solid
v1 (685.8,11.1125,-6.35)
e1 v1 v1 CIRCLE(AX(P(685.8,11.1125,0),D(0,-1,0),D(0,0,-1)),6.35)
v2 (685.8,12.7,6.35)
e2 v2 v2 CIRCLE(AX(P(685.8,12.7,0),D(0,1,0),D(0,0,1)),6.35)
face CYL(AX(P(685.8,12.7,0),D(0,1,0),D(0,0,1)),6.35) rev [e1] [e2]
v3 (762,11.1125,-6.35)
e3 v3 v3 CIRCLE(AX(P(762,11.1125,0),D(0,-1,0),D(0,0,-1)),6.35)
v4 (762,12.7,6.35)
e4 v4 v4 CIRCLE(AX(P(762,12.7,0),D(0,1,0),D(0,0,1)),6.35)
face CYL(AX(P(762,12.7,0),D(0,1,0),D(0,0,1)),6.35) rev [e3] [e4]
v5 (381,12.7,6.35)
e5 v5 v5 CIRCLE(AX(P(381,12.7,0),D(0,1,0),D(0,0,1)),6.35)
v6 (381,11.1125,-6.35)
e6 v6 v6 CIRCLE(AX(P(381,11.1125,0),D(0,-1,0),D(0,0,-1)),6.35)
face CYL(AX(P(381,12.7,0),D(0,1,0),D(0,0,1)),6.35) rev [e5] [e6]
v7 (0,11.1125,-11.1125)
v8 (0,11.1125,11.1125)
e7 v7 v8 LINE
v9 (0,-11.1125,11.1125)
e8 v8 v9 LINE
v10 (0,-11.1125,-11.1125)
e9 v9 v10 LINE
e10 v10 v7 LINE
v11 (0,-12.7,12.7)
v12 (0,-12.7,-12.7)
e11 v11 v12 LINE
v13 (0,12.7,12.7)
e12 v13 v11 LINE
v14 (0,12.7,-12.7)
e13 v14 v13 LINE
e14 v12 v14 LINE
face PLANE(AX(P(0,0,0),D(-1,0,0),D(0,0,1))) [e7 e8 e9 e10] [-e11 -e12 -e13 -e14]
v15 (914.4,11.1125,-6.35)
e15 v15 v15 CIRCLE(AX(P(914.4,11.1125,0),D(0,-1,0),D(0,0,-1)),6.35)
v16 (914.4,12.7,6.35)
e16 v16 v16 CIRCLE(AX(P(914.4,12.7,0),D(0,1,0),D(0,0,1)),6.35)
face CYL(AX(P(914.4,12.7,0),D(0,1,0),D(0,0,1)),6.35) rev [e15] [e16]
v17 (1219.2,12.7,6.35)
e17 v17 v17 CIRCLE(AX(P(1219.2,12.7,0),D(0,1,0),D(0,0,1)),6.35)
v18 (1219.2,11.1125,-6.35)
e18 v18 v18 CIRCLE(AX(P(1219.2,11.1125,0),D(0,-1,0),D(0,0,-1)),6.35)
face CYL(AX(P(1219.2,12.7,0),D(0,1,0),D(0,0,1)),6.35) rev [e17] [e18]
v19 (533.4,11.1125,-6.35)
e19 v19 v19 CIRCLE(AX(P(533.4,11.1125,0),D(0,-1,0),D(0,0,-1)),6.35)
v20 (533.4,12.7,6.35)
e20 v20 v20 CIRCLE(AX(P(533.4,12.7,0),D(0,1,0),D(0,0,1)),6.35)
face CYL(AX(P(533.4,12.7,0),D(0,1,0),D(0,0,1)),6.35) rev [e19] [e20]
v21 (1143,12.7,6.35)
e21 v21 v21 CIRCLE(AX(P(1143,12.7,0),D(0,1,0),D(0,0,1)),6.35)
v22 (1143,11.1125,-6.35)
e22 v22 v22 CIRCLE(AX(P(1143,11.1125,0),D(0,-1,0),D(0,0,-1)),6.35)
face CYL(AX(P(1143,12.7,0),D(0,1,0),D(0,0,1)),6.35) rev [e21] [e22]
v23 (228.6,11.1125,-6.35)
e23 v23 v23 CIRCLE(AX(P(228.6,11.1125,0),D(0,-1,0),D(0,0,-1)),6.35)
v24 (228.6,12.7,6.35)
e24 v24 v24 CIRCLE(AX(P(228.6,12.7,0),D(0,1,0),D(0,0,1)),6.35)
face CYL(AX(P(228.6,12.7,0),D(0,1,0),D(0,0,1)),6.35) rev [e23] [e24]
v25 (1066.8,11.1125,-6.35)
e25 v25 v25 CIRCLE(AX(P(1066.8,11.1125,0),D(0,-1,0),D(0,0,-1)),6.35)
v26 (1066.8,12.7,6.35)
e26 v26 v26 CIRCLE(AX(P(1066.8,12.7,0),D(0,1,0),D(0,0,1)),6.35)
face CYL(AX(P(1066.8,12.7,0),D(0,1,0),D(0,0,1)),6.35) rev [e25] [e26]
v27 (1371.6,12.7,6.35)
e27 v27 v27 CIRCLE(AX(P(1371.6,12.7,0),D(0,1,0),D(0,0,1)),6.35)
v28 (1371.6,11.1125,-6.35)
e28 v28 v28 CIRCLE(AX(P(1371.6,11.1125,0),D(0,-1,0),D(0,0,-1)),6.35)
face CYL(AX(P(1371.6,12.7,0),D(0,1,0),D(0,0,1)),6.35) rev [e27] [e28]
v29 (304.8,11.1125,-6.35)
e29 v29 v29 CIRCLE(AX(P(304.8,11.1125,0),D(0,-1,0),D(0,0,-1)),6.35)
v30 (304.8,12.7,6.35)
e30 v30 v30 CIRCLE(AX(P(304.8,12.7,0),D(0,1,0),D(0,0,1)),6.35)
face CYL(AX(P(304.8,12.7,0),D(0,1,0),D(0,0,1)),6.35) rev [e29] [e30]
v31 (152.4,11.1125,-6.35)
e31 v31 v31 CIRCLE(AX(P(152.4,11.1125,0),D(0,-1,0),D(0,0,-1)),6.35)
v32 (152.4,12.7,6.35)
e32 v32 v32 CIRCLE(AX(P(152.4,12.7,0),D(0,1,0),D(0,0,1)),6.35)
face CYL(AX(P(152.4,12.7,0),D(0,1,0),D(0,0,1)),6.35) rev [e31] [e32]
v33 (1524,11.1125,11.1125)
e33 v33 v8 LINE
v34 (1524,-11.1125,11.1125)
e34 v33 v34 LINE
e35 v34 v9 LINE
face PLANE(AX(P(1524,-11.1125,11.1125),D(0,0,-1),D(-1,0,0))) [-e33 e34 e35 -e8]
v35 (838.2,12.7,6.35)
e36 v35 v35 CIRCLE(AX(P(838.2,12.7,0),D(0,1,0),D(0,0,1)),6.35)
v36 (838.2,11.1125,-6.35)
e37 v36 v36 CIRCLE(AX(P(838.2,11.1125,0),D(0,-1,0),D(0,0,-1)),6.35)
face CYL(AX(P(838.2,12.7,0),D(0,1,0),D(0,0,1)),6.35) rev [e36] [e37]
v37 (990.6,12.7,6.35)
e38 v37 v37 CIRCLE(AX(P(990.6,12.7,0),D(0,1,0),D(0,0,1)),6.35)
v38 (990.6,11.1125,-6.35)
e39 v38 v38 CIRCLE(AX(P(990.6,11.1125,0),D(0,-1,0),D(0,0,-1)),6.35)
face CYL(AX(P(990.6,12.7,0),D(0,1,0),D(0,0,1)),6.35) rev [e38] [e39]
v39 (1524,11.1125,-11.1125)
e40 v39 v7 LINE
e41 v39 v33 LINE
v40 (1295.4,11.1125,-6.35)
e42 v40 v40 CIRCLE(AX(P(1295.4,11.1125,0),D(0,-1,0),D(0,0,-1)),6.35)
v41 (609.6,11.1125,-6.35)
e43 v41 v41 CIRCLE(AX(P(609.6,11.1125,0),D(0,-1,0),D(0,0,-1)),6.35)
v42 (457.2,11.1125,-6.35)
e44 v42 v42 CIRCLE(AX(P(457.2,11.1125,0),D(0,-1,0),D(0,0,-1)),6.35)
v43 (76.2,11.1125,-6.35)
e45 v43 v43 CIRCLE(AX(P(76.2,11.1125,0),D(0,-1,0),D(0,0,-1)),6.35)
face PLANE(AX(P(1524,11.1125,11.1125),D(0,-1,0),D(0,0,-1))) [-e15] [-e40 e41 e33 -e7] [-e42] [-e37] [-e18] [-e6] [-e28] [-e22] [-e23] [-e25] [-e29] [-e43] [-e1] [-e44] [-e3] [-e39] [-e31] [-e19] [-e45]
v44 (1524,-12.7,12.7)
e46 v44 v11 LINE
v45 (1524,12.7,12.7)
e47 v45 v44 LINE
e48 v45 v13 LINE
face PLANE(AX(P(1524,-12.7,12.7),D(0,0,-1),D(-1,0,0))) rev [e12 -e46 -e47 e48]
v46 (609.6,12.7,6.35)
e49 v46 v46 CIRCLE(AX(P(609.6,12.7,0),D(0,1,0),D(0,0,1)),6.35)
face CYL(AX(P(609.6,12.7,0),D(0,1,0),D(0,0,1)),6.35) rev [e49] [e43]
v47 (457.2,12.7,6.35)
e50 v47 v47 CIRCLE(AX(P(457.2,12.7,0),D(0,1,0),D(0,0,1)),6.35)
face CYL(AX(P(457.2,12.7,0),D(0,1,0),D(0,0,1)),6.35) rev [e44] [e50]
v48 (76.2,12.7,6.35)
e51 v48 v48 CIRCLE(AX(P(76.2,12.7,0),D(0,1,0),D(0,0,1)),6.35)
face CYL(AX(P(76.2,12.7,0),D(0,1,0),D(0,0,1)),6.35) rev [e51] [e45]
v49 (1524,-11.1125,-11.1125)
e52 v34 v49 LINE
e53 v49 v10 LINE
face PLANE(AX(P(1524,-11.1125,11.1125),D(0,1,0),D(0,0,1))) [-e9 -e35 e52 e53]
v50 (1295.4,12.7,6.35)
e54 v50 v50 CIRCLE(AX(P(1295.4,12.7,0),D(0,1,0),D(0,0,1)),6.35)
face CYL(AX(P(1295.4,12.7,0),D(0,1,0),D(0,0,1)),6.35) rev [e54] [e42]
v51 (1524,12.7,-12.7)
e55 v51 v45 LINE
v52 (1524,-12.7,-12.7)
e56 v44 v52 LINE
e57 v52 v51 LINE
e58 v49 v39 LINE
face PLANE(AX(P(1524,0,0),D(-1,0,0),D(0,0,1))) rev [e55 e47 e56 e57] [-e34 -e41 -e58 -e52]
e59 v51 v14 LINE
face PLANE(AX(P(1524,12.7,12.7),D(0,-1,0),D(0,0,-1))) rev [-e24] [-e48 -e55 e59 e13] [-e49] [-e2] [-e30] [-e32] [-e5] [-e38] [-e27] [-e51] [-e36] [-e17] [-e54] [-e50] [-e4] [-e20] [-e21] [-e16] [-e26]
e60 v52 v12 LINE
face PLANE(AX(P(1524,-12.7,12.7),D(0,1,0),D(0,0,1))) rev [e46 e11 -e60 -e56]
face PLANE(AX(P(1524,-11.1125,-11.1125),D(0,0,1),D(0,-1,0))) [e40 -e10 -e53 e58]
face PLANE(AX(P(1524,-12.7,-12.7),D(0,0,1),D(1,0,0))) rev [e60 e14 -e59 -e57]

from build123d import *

# Parameters (mm, degrees)
SKETCH1_W                      = 25.4
SKETCH1_H                      = 25.4
SKETCH1_W_2                    = 22.225
SKETCH1_H_2                    = 22.225
BOSS_EXTRUDE1_DEPTH            = 1524
F_1_2_0_5_DIAMETER_HOLE1_D     = 12.7
F_1_2_0_5_DIAMETER_HOLE1_DEPTH = 1.5875
LPATTERN1_COUNT                = 18
LPATTERN1_PITCH                = 76.2


with BuildPart() as part:
    # Sketch1 → Boss-Extrude1 (new body)
    with BuildSketch(Plane(origin=(0, 0, 0), x_dir=(0, 0, -1), z_dir=(1, 0, 0))):
        Rectangle(SKETCH1_W, SKETCH1_H)
        Rectangle(SKETCH1_W_2, SKETCH1_H_2, mode=Mode.SUBTRACT)
    extrude(amount=BOSS_EXTRUDE1_DEPTH)

    # 1/2 (0.5) Diameter Hole1
    with Locations(Plane(origin=(0, 12.7, 0), x_dir=(1, 0, 0), z_dir=(0, 1, 0))):
        with Locations((1371.6, 0)):
            f_1_2_0_5_diameter_hole1 = Hole(F_1_2_0_5_DIAMETER_HOLE1_D / 2, depth=F_1_2_0_5_DIAMETER_HOLE1_DEPTH)

    # LPattern1: 1/2 (0.5) Diameter Hole1 ×18
    with Locations(*[(-i * LPATTERN1_PITCH, 0, 0) for i in range(1, LPATTERN1_COUNT)]):
        add(f_1_2_0_5_diameter_hole1, mode=Mode.SUBTRACT)


solid = part.part
